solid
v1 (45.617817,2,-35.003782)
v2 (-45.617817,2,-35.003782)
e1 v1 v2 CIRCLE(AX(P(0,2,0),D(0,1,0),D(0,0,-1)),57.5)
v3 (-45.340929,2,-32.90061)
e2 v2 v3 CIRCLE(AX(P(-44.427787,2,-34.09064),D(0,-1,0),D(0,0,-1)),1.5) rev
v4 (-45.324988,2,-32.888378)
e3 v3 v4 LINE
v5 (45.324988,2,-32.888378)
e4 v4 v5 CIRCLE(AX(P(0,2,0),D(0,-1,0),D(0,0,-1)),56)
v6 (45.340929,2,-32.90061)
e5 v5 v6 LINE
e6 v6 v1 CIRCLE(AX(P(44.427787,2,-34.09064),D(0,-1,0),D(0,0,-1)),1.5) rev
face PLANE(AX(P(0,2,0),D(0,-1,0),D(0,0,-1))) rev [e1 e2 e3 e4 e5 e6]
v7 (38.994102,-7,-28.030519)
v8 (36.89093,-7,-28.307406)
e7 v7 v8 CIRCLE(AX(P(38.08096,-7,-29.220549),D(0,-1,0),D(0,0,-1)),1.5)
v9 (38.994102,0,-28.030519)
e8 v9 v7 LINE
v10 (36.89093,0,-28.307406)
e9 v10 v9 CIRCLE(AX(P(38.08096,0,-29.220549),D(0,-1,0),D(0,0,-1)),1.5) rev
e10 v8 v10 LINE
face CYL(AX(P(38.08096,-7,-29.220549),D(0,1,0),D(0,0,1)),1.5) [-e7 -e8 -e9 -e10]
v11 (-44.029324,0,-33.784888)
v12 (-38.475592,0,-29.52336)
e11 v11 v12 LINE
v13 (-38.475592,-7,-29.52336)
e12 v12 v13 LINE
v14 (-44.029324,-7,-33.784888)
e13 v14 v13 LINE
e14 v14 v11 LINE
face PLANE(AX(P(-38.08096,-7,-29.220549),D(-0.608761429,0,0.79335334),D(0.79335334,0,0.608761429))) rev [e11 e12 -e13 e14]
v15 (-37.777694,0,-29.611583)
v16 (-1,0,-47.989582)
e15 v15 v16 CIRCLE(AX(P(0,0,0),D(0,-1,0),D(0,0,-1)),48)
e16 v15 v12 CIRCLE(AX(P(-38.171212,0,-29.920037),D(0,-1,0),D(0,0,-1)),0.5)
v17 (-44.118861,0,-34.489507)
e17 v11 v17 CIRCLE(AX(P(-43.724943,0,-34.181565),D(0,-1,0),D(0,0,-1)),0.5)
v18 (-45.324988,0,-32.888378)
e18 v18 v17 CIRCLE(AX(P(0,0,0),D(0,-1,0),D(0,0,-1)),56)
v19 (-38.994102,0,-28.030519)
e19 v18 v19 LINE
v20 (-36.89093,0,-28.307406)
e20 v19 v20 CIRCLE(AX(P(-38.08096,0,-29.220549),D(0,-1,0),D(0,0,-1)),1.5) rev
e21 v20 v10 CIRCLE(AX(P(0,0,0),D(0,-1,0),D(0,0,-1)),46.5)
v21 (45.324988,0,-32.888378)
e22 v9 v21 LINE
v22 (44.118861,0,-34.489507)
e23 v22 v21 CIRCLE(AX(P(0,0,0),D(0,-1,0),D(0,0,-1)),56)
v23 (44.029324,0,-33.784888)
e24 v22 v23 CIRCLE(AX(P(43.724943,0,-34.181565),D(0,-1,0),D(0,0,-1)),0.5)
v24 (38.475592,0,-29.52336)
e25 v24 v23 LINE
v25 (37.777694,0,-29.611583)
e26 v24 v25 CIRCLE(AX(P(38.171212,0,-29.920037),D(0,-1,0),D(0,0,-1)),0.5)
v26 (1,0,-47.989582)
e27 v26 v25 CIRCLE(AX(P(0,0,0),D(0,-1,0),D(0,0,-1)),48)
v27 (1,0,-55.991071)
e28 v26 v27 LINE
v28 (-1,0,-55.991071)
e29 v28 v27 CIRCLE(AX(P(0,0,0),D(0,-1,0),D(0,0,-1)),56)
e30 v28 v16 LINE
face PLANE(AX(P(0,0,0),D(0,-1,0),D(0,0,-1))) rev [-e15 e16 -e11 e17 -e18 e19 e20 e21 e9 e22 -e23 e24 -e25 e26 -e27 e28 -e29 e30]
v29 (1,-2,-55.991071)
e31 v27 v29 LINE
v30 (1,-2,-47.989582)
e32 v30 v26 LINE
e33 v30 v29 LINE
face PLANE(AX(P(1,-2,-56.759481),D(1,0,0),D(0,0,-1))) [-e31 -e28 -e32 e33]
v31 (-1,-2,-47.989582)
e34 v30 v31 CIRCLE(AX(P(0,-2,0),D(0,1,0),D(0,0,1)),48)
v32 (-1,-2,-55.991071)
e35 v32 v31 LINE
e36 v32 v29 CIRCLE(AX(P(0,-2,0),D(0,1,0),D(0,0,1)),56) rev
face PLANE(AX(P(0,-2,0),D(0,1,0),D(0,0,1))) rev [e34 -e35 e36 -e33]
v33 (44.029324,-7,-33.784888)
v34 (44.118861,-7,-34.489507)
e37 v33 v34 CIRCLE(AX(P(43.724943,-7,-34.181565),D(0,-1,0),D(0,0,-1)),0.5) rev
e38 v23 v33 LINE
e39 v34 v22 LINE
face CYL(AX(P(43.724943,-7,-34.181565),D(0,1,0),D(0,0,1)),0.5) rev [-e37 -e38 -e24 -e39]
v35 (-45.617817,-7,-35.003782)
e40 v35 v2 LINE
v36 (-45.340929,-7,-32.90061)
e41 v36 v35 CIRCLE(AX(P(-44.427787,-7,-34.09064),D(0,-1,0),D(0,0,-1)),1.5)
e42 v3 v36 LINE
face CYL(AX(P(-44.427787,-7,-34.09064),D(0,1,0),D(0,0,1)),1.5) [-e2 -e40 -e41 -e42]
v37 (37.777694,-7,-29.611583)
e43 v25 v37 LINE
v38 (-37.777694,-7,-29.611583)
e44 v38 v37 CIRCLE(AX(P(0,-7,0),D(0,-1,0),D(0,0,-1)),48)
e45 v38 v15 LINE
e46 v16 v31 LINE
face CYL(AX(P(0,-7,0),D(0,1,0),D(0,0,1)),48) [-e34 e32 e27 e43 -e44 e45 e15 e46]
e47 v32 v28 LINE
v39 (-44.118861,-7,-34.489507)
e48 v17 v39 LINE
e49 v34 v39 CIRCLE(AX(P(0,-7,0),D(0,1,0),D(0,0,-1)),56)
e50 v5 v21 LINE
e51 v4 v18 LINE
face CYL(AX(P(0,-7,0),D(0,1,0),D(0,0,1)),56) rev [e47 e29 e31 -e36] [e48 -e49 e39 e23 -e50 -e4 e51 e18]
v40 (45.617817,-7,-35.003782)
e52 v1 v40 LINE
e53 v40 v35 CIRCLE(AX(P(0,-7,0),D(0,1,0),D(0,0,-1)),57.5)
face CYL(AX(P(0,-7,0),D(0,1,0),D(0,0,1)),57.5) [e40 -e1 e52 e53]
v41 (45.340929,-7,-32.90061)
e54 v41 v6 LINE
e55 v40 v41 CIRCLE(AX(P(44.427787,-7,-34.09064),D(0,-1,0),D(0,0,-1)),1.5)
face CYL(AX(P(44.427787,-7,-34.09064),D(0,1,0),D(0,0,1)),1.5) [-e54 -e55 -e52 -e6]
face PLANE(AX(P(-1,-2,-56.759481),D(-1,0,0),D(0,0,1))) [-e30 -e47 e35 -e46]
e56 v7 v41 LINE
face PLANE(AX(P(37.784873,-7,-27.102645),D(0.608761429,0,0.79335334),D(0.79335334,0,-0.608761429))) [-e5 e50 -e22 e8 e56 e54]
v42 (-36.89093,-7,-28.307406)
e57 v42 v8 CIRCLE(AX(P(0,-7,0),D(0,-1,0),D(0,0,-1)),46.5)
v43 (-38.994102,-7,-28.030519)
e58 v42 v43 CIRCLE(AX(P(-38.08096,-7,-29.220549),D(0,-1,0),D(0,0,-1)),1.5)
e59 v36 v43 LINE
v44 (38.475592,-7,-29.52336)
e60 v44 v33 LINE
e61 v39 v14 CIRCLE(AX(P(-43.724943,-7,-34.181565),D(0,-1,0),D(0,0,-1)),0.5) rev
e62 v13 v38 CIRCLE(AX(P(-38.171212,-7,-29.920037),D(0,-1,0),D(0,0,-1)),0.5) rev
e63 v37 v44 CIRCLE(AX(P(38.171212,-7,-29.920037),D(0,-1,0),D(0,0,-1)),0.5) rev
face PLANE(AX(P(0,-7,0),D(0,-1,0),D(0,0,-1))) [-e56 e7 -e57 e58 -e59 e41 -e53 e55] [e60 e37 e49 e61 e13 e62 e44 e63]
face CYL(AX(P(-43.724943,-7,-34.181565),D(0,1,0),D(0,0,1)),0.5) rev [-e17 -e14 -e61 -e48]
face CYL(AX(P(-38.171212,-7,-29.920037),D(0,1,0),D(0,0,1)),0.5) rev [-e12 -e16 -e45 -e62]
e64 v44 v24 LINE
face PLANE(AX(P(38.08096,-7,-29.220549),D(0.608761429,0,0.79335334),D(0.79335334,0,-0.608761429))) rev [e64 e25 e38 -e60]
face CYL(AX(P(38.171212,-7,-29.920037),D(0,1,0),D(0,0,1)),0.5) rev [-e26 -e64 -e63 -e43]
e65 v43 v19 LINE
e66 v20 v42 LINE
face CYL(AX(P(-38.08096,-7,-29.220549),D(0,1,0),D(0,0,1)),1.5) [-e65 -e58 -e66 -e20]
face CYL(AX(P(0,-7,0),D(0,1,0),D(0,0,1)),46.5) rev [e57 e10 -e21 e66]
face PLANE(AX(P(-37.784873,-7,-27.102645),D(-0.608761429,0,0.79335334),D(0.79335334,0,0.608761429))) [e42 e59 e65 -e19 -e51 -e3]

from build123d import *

# Parameters (mm, degrees)
BOSS_EXTRUDE1_DEPTH = 7
SKETCH2_W           = 2
SKETCH2_H           = 9.756485423
BOSS_EXTRUDE2_DEPTH = 2
BOSS_EXTRUDE3_DEPTH = 2
FILLET1_R           = 0.5
FILLET2_R           = 1.5


with BuildPart() as part:
    # Sketch1 → Boss-Extrude1 (new body)
    with BuildSketch(Plane(origin=(0, 0, 0), x_dir=(1, 0, 0), z_dir=(0, 1, 0))):
        with BuildLine():
            Line((37.784873439, 27.102644506), (46.515434438, 33.801839581))
            ThreePointArc((46.515434438, 33.801839581), (0, 57.5), (-46.515434438, 33.801839581))
            Line((-46.515434438, 33.801839581), (-37.784873439, 27.102644506))
            ThreePointArc((-37.784873439, 27.102644506), (0, 46.5), (37.784873439, 27.102644506))
        make_face()
        with BuildLine():
            Line((-38.080960334, 29.220548592), (-44.427787056, 34.090640024))
            ThreePointArc((-44.427787056, 34.090640024), (0, 56), (44.427787056, 34.090640024))
            Line((44.427787056, 34.090640024), (38.080960334, 29.220548592))
            ThreePointArc((38.080960334, 29.220548592), (0, 48), (-38.080960334, 29.220548592))
        make_face(mode=Mode.SUBTRACT)
    extrude(amount=-BOSS_EXTRUDE1_DEPTH)

    # Sketch2 → Boss-Extrude2 (add)
    with BuildSketch(Plane(origin=(0, 0, 0), x_dir=(1, 0, 0), z_dir=(0, 1, 0))):
        with Locations((0, 51.881238044)):
            Rectangle(SKETCH2_W, SKETCH2_H)
    extrude(amount=-BOSS_EXTRUDE2_DEPTH)

    # Sketch3 → Boss-Extrude3 (add)
    with BuildSketch(Plane(origin=(0, 0, 0), x_dir=(1, 0, 0), z_dir=(0, 1, 0))):
        with BuildLine():
            Line((45.324988438, 32.888378237), (46.515434438, 33.801839581))
            ThreePointArc((46.515434438, 33.801839581), (0, 57.5), (-46.515434438, 33.801839581))
            Line((-46.515434438, 33.801839581), (-45.324988438, 32.888378237))
            ThreePointArc((-45.324988438, 32.888378237), (0, 56), (45.324988438, 32.888378237))
        make_face()
    extrude(amount=BOSS_EXTRUDE3_DEPTH)

    # Fillet1
    fillet1_edges = [part.edges().sort_by_distance(p)[0] for p in [
        (-38.080960334, -3.5, -29.220548592),
        (-44.427787056, -3.5, -34.090640024),
        (38.080960334, -3.5, -29.220548592),
        (44.427787056, -3.5, -34.090640024),
    ]]
    fillet(fillet1_edges, radius=FILLET1_R)

    # Fillet2
    fillet2_edges = [part.edges().sort_by_distance(p)[0] for p in [
        (46.515434438, -2.5, -33.801839581),
        (37.784873439, -3.5, -27.102644506),
        (-37.784873439, -3.5, -27.102644506),
        (-46.515434438, -2.5, -33.801839581),
    ]]
    fillet(fillet2_edges, radius=FILLET2_R)


solid = part.part
